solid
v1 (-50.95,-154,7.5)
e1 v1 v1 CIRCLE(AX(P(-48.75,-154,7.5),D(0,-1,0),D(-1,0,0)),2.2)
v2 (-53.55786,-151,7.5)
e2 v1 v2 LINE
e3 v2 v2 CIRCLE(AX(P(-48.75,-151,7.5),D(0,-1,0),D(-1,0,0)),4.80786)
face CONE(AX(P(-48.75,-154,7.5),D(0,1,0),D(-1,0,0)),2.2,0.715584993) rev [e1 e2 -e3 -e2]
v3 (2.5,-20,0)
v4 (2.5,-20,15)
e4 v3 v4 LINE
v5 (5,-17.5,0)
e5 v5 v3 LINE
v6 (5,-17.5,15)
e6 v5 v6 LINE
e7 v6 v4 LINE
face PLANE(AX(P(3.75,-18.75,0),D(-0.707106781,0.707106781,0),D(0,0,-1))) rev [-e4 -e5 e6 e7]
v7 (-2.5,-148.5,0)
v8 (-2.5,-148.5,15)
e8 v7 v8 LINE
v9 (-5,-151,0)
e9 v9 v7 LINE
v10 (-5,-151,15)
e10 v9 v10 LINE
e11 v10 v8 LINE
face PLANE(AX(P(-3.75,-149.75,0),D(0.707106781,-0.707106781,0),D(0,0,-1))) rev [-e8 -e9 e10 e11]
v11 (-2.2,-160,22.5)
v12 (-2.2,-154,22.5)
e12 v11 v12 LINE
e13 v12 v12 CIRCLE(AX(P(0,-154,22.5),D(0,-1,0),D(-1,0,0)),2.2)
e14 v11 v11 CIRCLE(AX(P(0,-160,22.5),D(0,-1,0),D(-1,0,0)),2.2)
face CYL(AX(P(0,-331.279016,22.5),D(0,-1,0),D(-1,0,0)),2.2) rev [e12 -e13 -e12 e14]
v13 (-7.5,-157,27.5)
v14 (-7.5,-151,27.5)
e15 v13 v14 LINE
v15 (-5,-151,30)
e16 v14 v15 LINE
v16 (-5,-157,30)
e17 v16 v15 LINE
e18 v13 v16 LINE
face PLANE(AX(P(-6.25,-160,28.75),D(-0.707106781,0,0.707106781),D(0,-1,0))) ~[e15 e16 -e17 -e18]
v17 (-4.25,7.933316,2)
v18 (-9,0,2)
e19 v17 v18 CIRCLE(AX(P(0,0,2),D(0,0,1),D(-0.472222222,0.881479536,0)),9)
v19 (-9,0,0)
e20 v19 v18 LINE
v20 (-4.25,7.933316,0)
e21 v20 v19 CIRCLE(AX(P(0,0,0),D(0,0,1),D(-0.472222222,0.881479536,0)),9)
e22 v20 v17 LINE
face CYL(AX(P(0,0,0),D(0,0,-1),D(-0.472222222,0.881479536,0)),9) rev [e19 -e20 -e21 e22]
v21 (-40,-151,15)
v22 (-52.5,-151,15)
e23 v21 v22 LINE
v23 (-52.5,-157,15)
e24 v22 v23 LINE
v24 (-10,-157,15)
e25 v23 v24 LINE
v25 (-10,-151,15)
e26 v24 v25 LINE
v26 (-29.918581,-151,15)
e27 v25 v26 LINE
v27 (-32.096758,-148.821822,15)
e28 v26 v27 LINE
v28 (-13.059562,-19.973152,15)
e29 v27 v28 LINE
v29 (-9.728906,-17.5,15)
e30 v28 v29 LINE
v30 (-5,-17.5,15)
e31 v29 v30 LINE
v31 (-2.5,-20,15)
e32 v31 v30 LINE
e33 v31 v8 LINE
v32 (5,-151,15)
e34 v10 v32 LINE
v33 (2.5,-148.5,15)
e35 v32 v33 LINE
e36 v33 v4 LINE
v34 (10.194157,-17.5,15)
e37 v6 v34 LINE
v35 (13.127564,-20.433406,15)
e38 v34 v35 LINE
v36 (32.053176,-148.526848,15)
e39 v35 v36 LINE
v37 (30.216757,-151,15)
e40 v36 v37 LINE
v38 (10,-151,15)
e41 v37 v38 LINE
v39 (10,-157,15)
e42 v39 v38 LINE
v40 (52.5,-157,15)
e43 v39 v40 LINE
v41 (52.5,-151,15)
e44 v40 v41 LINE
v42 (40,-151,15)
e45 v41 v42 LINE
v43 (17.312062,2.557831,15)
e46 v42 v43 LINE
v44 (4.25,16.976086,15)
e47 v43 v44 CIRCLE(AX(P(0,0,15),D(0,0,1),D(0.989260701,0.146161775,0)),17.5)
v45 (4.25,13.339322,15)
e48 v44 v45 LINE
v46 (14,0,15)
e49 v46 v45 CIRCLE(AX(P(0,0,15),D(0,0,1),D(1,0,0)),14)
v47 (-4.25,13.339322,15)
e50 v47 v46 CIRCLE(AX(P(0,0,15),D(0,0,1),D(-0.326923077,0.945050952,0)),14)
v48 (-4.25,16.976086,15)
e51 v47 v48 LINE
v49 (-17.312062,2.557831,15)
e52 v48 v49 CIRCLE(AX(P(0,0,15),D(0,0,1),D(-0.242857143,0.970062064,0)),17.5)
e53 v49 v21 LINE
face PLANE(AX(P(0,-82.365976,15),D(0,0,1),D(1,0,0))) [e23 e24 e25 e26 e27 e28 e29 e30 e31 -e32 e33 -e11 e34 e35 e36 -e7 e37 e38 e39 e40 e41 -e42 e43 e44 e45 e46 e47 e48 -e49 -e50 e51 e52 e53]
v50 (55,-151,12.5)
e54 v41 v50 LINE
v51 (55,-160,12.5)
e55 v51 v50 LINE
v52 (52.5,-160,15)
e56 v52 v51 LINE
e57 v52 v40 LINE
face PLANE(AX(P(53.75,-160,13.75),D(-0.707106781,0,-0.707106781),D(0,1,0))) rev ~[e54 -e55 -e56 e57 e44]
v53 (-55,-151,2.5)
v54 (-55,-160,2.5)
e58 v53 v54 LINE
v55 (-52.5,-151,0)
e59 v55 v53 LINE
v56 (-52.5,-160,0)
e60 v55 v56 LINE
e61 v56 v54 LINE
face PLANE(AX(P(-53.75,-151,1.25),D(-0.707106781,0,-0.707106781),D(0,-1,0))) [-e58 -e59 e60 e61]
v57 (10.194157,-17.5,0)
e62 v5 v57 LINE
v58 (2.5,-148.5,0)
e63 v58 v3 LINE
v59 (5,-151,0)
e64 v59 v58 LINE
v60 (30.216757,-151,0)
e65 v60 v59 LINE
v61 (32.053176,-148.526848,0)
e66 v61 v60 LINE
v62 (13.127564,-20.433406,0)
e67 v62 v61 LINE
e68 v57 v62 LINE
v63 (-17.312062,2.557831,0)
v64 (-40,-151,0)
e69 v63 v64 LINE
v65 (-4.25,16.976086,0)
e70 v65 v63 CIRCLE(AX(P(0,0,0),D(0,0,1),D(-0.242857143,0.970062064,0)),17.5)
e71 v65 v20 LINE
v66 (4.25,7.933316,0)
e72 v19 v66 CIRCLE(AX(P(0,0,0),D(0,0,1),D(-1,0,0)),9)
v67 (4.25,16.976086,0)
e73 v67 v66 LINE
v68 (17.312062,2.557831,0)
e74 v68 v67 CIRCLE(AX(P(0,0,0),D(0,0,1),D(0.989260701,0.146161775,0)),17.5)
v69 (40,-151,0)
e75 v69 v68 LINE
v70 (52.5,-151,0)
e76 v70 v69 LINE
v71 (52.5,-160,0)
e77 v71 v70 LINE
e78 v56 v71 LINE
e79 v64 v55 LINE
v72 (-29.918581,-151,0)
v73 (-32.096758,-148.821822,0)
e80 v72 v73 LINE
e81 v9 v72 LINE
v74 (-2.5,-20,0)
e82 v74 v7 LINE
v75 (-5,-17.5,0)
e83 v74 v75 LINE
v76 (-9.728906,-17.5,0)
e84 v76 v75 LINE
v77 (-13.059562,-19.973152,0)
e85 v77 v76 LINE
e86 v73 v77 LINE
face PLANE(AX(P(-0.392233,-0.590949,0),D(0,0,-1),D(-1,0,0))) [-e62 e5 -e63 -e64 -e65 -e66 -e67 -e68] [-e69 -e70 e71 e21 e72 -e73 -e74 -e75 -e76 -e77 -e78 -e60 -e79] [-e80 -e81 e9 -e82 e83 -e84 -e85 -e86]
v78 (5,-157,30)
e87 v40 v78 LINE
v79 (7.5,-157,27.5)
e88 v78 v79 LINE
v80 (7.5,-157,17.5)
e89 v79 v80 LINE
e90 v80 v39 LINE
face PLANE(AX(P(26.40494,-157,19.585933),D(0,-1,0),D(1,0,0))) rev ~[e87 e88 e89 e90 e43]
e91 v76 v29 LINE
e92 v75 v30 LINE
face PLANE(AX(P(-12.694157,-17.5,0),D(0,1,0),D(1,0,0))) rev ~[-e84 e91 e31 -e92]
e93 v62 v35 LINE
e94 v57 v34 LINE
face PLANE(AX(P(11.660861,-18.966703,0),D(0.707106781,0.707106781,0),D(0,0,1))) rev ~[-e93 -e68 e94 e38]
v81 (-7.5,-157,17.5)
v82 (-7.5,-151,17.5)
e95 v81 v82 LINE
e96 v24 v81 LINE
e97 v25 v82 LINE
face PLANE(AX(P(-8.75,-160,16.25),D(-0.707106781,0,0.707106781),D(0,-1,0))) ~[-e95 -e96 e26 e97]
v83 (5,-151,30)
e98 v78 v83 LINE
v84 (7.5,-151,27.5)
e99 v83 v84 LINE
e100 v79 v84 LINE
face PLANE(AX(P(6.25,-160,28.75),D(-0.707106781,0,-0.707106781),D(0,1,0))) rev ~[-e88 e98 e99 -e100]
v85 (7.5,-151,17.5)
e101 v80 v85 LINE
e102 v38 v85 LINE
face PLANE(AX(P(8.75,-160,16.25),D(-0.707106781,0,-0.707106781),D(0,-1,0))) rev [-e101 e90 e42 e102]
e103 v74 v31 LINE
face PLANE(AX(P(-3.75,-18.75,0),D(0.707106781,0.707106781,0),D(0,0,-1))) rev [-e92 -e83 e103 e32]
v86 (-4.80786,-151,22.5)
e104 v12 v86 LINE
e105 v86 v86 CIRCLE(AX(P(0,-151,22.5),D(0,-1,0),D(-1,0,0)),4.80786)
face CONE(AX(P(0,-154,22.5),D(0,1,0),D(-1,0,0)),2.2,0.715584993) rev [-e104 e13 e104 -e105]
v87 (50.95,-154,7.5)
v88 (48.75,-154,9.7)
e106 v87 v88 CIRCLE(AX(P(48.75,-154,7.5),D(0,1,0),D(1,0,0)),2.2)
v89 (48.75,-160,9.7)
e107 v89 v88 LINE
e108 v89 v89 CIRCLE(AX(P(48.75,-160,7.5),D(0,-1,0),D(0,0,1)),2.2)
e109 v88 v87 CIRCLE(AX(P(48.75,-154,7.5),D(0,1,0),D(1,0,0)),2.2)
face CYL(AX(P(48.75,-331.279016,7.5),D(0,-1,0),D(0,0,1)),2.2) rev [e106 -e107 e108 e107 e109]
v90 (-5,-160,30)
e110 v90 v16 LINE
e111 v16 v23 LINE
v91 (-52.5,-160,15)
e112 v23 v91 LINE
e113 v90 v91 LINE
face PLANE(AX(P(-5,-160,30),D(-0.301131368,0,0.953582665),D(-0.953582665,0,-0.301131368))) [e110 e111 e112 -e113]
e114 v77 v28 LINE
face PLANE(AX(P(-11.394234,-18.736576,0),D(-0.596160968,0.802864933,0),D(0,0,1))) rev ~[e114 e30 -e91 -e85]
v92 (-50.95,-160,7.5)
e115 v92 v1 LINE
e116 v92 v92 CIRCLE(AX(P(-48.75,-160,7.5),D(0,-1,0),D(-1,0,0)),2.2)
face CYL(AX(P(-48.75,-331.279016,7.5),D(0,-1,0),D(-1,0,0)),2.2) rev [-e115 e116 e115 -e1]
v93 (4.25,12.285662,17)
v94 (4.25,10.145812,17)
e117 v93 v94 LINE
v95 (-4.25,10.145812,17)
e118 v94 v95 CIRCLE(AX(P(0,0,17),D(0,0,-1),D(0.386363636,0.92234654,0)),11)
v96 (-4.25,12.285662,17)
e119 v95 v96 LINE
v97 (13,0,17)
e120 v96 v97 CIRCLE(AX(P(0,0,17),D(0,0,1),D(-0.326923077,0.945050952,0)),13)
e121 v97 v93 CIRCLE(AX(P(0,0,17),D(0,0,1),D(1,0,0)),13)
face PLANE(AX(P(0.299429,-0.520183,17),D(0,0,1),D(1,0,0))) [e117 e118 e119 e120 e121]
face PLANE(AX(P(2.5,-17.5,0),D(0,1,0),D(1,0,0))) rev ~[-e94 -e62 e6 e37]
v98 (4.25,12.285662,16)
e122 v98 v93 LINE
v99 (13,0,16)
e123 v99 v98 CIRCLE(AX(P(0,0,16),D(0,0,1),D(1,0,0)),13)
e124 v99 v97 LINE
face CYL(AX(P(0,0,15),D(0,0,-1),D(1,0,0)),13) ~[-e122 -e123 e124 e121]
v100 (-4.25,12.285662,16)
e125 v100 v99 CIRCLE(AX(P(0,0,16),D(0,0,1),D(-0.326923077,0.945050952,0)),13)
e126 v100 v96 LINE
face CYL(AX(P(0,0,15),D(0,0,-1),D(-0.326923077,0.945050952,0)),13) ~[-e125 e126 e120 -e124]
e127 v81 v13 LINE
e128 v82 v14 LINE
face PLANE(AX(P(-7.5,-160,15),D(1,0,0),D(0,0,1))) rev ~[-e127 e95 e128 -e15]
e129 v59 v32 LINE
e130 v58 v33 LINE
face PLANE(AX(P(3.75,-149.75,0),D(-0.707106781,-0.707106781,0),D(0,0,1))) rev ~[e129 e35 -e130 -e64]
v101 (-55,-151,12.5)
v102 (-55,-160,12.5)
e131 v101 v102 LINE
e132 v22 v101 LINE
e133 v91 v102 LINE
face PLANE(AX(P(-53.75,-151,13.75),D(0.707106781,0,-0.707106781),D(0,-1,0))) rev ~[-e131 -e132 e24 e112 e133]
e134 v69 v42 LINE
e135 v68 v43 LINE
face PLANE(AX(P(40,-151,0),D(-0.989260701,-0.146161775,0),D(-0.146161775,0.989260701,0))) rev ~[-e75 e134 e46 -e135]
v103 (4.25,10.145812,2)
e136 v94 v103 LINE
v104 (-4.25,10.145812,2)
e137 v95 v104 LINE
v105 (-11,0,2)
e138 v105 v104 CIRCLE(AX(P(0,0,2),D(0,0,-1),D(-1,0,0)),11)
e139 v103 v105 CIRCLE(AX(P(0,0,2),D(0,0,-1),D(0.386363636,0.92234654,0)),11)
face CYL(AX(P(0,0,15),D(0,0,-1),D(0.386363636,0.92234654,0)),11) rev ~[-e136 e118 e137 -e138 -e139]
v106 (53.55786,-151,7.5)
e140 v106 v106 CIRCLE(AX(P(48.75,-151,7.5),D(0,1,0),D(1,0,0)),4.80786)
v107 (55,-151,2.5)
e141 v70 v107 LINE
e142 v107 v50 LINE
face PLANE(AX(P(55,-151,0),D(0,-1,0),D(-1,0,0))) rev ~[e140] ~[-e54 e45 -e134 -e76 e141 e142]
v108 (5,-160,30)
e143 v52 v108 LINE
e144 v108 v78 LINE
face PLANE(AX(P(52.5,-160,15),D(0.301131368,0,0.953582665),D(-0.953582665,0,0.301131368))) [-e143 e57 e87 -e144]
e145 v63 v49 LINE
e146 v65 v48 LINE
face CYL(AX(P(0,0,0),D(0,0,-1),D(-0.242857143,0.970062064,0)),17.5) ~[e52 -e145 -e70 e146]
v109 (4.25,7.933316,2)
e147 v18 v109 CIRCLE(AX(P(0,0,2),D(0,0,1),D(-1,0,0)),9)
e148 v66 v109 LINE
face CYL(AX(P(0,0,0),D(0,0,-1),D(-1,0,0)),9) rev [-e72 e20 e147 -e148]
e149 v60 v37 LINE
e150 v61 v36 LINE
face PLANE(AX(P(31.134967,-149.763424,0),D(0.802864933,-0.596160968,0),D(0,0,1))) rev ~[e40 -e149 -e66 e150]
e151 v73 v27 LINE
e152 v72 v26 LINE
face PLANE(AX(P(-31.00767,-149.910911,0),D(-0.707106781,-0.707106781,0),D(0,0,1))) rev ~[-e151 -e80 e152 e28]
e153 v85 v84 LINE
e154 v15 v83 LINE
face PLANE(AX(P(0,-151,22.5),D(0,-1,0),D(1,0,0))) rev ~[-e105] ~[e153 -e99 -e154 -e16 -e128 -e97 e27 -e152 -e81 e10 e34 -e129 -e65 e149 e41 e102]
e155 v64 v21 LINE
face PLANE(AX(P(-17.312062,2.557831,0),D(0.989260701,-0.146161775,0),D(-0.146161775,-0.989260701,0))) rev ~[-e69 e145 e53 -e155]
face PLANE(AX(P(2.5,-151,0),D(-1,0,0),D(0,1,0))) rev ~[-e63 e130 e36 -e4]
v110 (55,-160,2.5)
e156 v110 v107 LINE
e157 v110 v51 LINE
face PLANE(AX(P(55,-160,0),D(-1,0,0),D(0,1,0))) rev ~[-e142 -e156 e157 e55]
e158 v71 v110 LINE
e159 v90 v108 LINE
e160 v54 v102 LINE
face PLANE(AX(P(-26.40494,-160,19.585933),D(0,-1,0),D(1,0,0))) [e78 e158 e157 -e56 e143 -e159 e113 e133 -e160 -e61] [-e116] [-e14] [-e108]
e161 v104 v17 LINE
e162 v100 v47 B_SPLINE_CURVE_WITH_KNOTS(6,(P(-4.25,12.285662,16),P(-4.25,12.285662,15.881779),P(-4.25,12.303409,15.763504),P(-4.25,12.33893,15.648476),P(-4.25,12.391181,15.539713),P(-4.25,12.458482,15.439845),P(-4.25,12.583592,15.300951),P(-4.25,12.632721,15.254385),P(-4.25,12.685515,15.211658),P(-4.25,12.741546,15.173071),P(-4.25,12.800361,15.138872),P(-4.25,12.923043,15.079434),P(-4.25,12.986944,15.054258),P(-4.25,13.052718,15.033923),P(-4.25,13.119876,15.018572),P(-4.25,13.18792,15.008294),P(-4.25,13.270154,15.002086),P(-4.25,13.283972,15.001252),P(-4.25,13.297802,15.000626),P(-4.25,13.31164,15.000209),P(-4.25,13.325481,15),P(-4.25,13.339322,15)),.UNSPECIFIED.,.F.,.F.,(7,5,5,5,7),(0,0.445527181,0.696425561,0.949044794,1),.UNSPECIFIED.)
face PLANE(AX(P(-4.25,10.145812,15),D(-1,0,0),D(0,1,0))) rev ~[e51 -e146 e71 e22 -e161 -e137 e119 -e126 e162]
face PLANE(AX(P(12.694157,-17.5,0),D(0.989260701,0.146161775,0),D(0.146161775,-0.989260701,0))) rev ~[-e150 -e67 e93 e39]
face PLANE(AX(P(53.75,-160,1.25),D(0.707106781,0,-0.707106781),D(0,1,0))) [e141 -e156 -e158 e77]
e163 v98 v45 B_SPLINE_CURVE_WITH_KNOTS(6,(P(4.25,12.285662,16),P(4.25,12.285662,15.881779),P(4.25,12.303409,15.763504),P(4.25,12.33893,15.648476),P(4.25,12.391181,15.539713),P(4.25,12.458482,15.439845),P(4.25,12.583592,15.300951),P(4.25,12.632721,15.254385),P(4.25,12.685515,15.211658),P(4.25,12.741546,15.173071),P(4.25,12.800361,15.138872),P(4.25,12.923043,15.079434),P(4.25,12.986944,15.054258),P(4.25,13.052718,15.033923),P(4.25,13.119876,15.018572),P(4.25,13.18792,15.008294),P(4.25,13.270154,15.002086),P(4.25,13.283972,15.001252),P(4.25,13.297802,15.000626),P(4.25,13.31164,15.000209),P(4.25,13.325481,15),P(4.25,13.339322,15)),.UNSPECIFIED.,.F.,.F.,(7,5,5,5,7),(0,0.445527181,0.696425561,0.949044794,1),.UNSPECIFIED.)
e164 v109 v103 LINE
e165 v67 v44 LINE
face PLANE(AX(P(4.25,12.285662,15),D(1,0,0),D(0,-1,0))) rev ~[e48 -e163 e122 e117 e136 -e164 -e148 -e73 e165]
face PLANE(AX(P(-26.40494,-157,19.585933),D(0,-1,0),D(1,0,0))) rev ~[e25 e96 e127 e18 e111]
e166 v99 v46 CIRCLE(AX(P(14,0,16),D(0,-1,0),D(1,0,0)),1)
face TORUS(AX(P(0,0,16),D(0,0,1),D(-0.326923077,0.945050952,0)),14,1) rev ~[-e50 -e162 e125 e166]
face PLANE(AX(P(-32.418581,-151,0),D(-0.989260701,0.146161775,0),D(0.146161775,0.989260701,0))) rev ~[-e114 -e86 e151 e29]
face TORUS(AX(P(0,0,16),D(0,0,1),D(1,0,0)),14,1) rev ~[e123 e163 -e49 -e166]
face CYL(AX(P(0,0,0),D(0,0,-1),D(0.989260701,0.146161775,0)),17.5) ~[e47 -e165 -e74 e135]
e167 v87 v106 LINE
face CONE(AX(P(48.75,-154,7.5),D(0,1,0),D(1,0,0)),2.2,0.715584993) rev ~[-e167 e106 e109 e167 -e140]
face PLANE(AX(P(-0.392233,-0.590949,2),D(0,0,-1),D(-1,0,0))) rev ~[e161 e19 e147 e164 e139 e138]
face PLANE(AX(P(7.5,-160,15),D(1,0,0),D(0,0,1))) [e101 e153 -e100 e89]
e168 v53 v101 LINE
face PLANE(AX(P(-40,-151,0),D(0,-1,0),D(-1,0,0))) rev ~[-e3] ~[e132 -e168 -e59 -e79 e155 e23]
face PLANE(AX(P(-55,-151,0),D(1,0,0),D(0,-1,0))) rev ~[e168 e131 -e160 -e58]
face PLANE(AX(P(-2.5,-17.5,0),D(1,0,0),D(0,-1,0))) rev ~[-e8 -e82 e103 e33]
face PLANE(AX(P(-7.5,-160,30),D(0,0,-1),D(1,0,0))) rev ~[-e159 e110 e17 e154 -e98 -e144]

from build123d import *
from OCP.BRepFilletAPI import BRepFilletAPI_MakeChamfer

# Parameters (mm, degrees)
BOSS_EXTRUDE1_DEPTH     = 15
SKETCH4_W               = 15
SKETCH4_H               = 15
BOSS_EXTRUDE2_DEPTH     = 9
CUT_EXTRUDE1_DEPTH      = 180.279015807
CUT_EXTRUDE1_DEPTH_BACK = 180.279015807
SKETCH2_R               = 2.2
SKETCH3_W               = 4.807860213
SKETCH3_H               = 184.008472667
CHAMFER1_SIZE           = 2.5
CHAMFER1_SIZE2          = 2.965251078
CHAMFER1_SIZE2_2        = 2.201823595
CHAMFER2_SIZE           = 2.5
BOSS_EXTRUDE5_DEPTH     = 3
BOSS_EXTRUDE3_DEPTH     = 2
BOSS_EXTRUDE6_DEPTH     = 2
FILLET2_R               = 1


with BuildPart() as part:
    # Sketch1 → Boss-Extrude1 (new body)
    with BuildSketch(Plane.XY):
        with BuildLine():
            Line((4.25, 16.976086121), (4.25, 10.145811944))
            ThreePointArc((4.25, 10.145811944), (0, -11), (-4.25, 10.145811944))
            Line((-4.25, 10.145811944), (-4.25, 16.976086121))
            ThreePointArc((-4.25, 16.976086121), (-12.969277239, 11.74937649), (-17.312062276, 2.557831066))
            Line((-17.312062276, 2.557831066), (-40, -151))
            Line((-40, -151), (-55, -151))
            Line((-55, -151), (-55, -160))
            Line((-55, -160), (55, -160))
            Line((55, -160), (55, -151))
            Line((55, -151), (40, -151))
            Line((40, -151), (17.312062276, 2.557831066))
            ThreePointArc((17.312062276, 2.557831066), (12.969277239, 11.74937649), (4.25, 16.976086121))
        make_face()
        Polygon((12.694157412, -17.5), (32.418580877, -151), (2.5, -151), (2.5, -17.5), align=None, mode=Mode.SUBTRACT)
        Polygon((-12.694157412, -17.5), (-2.5, -17.5), (-2.5, -151), (-32.418580877, -151), align=None, mode=Mode.SUBTRACT)
    extrude(amount=BOSS_EXTRUDE1_DEPTH)

    # Sketch4 → Boss-Extrude2 (add)
    with BuildSketch(Plane.XZ.offset(160)):
        with Locations((0, 22.5)):
            Rectangle(SKETCH4_W, SKETCH4_H)
    extrude(amount=-BOSS_EXTRUDE2_DEPTH)

    # Sketch2 → Cut-Extrude1 (cut, two sides: drawn at the far end of the back side and taken through both)
    with BuildSketch(Plane(origin=(0, -151, 0), x_dir=(1, 0, 0), z_dir=(0, 1, 0)).offset(-CUT_EXTRUDE1_DEPTH_BACK)):
        with Locations(Location((-48.75, -7.5, 0), (0, 0, 180))):
            Circle(SKETCH2_R)
        with Locations(Location((48.75, -7.5, 0), (0, 0, 270))):
            Circle(SKETCH2_R)
        with Locations(Location((0, -22.5, 0), (0, 0, 180))):
            Circle(SKETCH2_R)
    extrude(amount=CUT_EXTRUDE1_DEPTH + CUT_EXTRUDE1_DEPTH_BACK, mode=Mode.SUBTRACT)

    # Sketch3 → Cut-Revolve2 (revolve, cut)
    with BuildSketch(Plane(origin=(-48.75, 0, 0), x_dir=(0, 0, -1), z_dir=(1, 0, 0)), mode=Mode.PRIVATE) as cut_revolve2_sk:
        with Locations((-5.096069894, -58.995763666)):
            Rectangle(SKETCH3_W, SKETCH3_H)
        Polygon((-5.3, -154), (-2.692139787, -151), (-7.5, -151), (-7.5, -154), align=None)
    cut_revolve2 = revolve(cut_revolve2_sk.sketch.rotate(Axis((-48.75, -151, 7.5), (0, -1, 0)), 270), axis=Axis((-48.75, -151, 7.5), (0, -1, 0)), mode=Mode.SUBTRACT)

    # Sketch5 → Cut-Revolve3 (revolve, cut)
    with BuildSketch(Plane(origin=(0, 0, 0), x_dir=(0, 0, -1), z_dir=(1, 0, 0)), mode=Mode.PRIVATE) as cut_revolve3_sk:
        Polygon((-22.5, -151), (-22.5, -154), (-20.3, -154), (-17.692139787, -151), align=None)
    revolve(cut_revolve3_sk.sketch.rotate(Axis((0, -151, 22.5), (0, -1, 0)), 270), axis=Axis((0, -151, 22.5), (0, -1, 0)), mode=Mode.SUBTRACT)

    # Mirror1: Cut-Revolve2 across plane
    add(cut_revolve2.mirror(Plane(origin=(0, 0, 0), x_dir=(0, 0, 1), z_dir=(1, 0, 0))), mode=Mode.SUBTRACT)

    # Chamfer1: one chamfer whose edges measure the first distance from different faces: ONE call of the kernel's chamfer builder (chamfer() names one face for all edges)
    chamfer1_edges_1 = [part.edges().sort_by_distance(p)[0] for p in [
        (-2.5, -17.5, 7.5),
        (-2.5, -151, 7.5),
        (2.5, -151, 7.5),
        (2.5, -17.5, 7.5),
    ]]
    chamfer1_edges_2 = [part.edges().sort_by_distance(p)[0] for p in [
        (-12.694157412, -17.5, 7.5),
    ]]
    chamfer1_side_2 = [part.faces().sort_by_distance(p)[0] for p in [
        (-22.556369145, -84.25, 7.5),
    ]]
    chamfer1_edges_3 = [part.edges().sort_by_distance(p)[0] for p in [
        (-32.418580877, -151, 7.5),
    ]]
    chamfer1_side_3 = [part.faces().sort_by_distance(p)[0] for p in [
        (31.704168003, -151, 7.5),
    ]]
    chamfer1_edges_4 = [part.edges().sort_by_distance(p)[0] for p in [
        (32.418580877, -151, 7.5),
    ]]
    chamfer1_side_4 = [part.faces().sort_by_distance(p)[0] for p in [
        (22.556369145, -84.25, 7.5),
    ]]
    chamfer1_edges_5 = [part.edges().sort_by_distance(p)[0] for p in [
        (12.694157412, -17.5, 7.5),
    ]]
    chamfer1_side_5 = [part.faces().sort_by_distance(p)[0] for p in [
        (7.597078706, -17.5, 7.5),
    ]]
    chamfer1 = BRepFilletAPI_MakeChamfer(part.part.solid().wrapped)
    for e in chamfer1_edges_1:
        chamfer1.Add(CHAMFER1_SIZE, e.wrapped)
    for e in chamfer1_edges_2:
        chamfer1.Add(CHAMFER1_SIZE, CHAMFER1_SIZE2, e.wrapped, chamfer1_side_2[0].wrapped)  # the first distance lies on this face
    for e in chamfer1_edges_3:
        chamfer1.Add(CHAMFER1_SIZE, CHAMFER1_SIZE2_2, e.wrapped, chamfer1_side_3[0].wrapped)  # the first distance lies on this face
    for e in chamfer1_edges_4:
        chamfer1.Add(CHAMFER1_SIZE, CHAMFER1_SIZE2_2, e.wrapped, chamfer1_side_4[0].wrapped)  # the first distance lies on this face
    for e in chamfer1_edges_5:
        chamfer1.Add(CHAMFER1_SIZE, CHAMFER1_SIZE2, e.wrapped, chamfer1_side_5[0].wrapped)  # the first distance lies on this face
    add(Compound.cast(chamfer1.Shape()), mode=Mode.REPLACE)

    # Chamfer2
    chamfer2_edges = [part.edges().sort_by_distance(p)[0] for p in [
        (55, -155.5, 0),
        (-55, -155.5, 0),
        (-55, -155.5, 15),
        (55, -155.5, 15),
        (7.5, -155.5, 15),
        (7.5, -155.5, 30),
        (-7.5, -155.5, 30),
        (-7.5, -155.5, 15),
    ]]
    chamfer(chamfer2_edges, length=CHAMFER2_SIZE)

    # Sketch7 → Boss-Extrude5 (add)
    with BuildSketch(Plane.XZ.offset(160)):
        Polygon((-5, 30), (-52.5, 15), (-10, 15), (-7.5, 17.5), (-7.5, 27.5), align=None)
        Polygon((52.5, 15), (5, 30), (7.5, 27.5), (7.5, 17.5), (10, 15), align=None)
    extrude(amount=-BOSS_EXTRUDE5_DEPTH)

    # Sketch6 → Boss-Extrude3 (add)
    with BuildSketch(Plane(origin=(0, 0, 0), x_dir=(-1, 0, 0), z_dir=(0, 0, -1))):
        with BuildLine():
            Line((-4.25, 7.933315826), (-4.25, 10.145811944))
            ThreePointArc((-4.25, 10.145811944), (-6.093028803, -9.158329542), (11, 0))
            ThreePointArc((11, 0), (9.158329542, 6.093028803), (4.25, 10.145811944))
            Line((4.25, 10.145811944), (4.25, 7.933315826))
            ThreePointArc((4.25, 7.933315826), (7.721722606, 4.623310502), (9, 0))
            ThreePointArc((9, 0), (-4.623310502, -7.721722606), (-4.25, 7.933315826))
        make_face()
    extrude(amount=-BOSS_EXTRUDE3_DEPTH)

    # Sketch9 → Boss-Extrude6 (add)
    with BuildSketch(Plane.XY.offset(15)):
        with BuildLine():
            ThreePointArc((-4.25, 12.285662375), (-7.541551564, -10.588909292), (13, 0))
            ThreePointArc((13, 0), (10.588909292, 7.541551564), (4.25, 12.285662375))
            Line((4.25, 12.285662375), (4.25, 10.145811944))
            ThreePointArc((4.25, 10.145811944), (0, -11), (-4.25, 10.145811944))
            Line((-4.25, 10.145811944), (-4.25, 12.285662375))
        make_face()
    extrude(amount=BOSS_EXTRUDE6_DEPTH)

    # Fillet2
    fillet2_edges = [part.edges().sort_by_distance(p)[0] for p in [
        (-7.541551564, -10.588909292, 15),
    ]]
    fillet(fillet2_edges, radius=FILLET2_R)


solid = part.part
